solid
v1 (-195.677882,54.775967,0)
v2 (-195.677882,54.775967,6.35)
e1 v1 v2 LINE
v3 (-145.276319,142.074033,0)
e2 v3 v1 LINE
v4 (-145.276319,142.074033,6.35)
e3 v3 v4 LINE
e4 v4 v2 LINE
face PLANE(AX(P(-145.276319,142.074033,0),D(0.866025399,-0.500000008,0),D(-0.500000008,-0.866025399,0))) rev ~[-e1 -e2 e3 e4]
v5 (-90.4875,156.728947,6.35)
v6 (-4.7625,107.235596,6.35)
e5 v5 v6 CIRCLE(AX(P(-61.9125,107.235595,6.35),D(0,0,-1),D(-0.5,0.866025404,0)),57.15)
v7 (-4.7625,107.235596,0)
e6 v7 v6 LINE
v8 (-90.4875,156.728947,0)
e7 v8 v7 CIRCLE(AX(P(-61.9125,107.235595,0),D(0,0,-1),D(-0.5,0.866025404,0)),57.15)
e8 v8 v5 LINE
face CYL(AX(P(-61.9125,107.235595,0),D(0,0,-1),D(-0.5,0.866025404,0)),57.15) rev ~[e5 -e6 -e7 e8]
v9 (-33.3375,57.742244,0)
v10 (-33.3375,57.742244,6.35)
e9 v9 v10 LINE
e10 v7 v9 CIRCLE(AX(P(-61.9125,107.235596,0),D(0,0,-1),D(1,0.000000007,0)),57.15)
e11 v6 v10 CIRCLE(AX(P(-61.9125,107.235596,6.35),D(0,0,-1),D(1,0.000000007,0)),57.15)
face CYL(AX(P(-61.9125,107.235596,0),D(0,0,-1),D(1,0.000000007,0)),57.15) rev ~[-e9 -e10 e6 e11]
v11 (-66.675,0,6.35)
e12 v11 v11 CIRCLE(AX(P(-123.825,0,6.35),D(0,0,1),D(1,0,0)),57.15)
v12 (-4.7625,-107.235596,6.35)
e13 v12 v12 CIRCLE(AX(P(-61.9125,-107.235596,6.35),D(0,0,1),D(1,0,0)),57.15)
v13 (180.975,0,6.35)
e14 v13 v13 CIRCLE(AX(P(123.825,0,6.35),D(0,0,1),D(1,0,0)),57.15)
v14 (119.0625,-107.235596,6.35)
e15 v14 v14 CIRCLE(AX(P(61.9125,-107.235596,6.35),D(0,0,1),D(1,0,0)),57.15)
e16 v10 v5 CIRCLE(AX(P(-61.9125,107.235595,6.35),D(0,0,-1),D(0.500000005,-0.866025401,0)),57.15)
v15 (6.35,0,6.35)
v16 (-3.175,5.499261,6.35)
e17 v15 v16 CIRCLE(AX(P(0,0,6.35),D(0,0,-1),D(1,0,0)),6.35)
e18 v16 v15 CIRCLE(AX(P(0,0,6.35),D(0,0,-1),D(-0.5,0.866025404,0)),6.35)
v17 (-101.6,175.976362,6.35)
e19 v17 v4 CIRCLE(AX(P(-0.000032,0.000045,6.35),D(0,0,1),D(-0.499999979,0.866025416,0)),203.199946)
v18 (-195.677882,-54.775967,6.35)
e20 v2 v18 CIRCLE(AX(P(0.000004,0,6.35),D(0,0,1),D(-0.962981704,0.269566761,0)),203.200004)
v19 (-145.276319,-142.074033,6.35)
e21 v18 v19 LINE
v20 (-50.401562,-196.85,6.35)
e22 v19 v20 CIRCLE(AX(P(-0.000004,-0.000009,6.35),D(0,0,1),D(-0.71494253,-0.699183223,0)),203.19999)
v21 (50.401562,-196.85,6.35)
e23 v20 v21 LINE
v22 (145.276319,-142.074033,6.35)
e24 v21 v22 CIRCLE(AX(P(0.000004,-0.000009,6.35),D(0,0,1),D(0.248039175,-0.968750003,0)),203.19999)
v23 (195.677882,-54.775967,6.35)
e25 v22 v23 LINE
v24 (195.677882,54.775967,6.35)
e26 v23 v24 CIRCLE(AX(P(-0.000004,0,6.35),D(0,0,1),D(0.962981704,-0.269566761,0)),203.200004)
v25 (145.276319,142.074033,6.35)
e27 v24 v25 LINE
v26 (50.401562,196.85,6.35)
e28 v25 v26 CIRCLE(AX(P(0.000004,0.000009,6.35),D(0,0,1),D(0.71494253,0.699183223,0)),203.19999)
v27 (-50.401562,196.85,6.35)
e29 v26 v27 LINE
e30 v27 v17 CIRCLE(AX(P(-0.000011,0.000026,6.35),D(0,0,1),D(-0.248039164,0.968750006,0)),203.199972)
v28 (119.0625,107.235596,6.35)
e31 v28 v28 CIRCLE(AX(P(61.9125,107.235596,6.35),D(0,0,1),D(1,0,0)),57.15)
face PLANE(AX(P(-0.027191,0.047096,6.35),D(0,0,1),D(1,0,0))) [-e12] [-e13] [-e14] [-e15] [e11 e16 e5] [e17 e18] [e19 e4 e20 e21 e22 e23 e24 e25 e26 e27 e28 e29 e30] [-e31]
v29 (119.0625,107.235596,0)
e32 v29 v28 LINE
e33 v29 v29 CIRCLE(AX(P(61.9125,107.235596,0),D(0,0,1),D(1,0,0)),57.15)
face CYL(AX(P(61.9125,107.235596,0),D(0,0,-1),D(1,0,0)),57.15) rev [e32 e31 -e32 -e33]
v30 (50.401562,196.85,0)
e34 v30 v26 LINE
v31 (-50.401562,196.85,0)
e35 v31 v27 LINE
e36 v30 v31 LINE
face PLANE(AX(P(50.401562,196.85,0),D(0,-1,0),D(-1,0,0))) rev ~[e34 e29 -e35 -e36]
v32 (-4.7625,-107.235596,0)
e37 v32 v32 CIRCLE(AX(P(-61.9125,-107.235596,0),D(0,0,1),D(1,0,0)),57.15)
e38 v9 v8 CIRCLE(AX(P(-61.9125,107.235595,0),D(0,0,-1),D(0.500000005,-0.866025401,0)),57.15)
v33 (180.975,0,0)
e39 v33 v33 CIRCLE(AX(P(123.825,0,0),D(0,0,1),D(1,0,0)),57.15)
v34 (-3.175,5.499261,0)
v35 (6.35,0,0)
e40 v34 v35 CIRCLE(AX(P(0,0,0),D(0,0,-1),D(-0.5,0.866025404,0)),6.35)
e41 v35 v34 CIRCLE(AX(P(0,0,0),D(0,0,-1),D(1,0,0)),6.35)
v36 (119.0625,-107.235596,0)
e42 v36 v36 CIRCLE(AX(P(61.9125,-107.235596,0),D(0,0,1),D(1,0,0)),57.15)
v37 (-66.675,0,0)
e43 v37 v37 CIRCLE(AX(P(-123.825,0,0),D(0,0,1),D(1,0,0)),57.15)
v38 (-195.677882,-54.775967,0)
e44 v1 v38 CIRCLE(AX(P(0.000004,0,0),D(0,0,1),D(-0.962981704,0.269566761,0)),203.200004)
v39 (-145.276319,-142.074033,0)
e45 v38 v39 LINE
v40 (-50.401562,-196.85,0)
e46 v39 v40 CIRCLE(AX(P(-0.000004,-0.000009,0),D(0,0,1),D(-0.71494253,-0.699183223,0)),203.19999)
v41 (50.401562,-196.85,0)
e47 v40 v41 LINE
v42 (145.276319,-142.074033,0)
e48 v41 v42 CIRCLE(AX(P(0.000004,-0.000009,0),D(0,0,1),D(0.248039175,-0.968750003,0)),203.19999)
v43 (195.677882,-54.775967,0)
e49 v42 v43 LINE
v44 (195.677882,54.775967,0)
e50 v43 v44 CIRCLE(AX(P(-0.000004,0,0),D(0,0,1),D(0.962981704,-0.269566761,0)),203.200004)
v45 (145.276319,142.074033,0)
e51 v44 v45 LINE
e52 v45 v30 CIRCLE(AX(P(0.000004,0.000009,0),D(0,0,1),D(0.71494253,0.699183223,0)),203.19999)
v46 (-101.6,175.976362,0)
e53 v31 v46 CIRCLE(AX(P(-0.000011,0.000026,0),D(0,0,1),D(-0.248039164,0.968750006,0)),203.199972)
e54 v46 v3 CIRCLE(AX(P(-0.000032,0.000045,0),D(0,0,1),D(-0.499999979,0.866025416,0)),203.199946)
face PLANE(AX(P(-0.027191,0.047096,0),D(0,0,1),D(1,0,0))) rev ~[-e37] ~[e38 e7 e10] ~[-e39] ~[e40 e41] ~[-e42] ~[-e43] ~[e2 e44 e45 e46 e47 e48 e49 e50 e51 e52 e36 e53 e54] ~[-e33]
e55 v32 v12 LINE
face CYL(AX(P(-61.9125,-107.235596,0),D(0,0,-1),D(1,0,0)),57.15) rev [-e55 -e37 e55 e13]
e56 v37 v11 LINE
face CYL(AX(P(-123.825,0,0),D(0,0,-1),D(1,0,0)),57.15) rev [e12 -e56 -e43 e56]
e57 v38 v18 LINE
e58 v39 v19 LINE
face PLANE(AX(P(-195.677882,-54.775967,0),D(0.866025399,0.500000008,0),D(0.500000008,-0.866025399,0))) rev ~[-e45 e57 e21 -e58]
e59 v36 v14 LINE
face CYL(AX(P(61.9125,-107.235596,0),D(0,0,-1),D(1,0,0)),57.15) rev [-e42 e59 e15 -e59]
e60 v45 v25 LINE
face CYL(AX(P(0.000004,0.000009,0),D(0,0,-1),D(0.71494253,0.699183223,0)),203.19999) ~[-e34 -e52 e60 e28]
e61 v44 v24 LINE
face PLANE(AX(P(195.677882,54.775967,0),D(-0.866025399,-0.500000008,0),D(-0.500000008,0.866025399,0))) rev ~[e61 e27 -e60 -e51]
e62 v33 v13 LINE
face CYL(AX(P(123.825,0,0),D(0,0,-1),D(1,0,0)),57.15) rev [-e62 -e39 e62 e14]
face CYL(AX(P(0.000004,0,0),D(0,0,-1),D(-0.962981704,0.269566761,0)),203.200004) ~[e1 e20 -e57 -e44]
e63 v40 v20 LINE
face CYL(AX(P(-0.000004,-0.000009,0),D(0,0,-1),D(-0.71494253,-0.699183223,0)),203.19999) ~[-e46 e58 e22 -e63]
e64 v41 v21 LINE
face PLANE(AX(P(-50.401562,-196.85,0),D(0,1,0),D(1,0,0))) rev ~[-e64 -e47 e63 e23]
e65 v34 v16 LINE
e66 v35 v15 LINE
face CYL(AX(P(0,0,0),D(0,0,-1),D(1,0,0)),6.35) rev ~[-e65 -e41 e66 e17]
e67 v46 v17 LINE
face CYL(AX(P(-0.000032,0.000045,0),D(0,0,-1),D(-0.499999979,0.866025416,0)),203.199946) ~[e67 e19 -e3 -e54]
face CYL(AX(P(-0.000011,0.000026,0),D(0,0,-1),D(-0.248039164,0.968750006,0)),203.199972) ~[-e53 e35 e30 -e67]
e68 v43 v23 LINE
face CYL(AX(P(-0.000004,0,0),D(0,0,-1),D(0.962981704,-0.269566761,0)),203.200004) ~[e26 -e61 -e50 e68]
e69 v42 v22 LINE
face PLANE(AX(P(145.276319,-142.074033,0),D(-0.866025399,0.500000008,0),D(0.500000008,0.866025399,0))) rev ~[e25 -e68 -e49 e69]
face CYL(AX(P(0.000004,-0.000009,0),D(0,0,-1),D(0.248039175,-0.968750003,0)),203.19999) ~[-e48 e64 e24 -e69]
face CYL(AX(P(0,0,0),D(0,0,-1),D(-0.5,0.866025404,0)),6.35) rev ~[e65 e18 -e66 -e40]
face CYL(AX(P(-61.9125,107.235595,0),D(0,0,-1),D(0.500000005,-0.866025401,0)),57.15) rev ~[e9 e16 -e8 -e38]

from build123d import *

# Parameters (mm, degrees)
F0_R     = 57.15
F1_DEPTH = 6.35


with BuildPart() as f1:
    # F0 (on Top) → F1 (new body)
    with BuildSketch(Plane.XY):
        with BuildLine():
            Line((50.401562, 196.85), (-50.401562, 196.85))
            ThreePointArc((-50.401562, 196.85), (-76.714053, 188.16268), (-101.6, 175.976362))
            ThreePointArc((-101.6, 175.976362), (-124.596634, 160.517659), (-145.276319, 142.074033))
            Line((-145.276319, 142.074033), (-195.677882, 54.775967))
            ThreePointArc((-195.677882, 54.775967), (-203.2, 0), (-195.677882, -54.775967))
            Line((-195.677882, -54.775967), (-145.276319, -142.074033))
            ThreePointArc((-145.276319, -142.074033), (-101.6, -175.976362), (-50.401562, -196.85))
            Line((-50.401562, -196.85), (50.401562, -196.85))
            ThreePointArc((50.401562, -196.85), (101.6, -175.976362), (145.276319, -142.074033))
            Line((145.276319, -142.074033), (195.677882, -54.775967))
            ThreePointArc((195.677882, -54.775967), (203.2, 0), (195.677882, 54.775967))
            Line((195.677882, 54.775967), (145.276319, 142.074033))
            ThreePointArc((145.276319, 142.074033), (101.6, 175.976362), (50.401562, 196.85))
        make_face()
        with Locations((-61.9125, -107.235596)):
            Circle(F0_R, mode=Mode.SUBTRACT)
        with Locations((61.9125, -107.235596)):
            Circle(F0_R, mode=Mode.SUBTRACT)
        with Locations((-123.825, 0)):
            Circle(F0_R, mode=Mode.SUBTRACT)
        with BuildLine():
            ThreePointArc((6.35, 0), (-3.175, -5.499261), (-3.175, 5.499261))
            ThreePointArc((-3.175, 5.499261), (3.175, 5.499261), (6.35, 0))
        make_face(mode=Mode.SUBTRACT)
        with BuildLine():
            ThreePointArc((-33.3375, 57.742244), (-111.405852, 78.660596), (-90.4875, 156.728947))
            ThreePointArc((-90.4875, 156.728947), (-33.3375, 156.728947), (-4.7625, 107.235596))
            ThreePointArc((-4.7625, 107.235596), (-12.419148, 78.660596), (-33.3375, 57.742244))
        make_face(mode=Mode.SUBTRACT)
        with Locations((123.825, 0)):
            Circle(F0_R, mode=Mode.SUBTRACT)
        with Locations((61.9125, 107.235596)):
            Circle(F0_R, mode=Mode.SUBTRACT)
    extrude(amount=F1_DEPTH)


solid = f1.part
